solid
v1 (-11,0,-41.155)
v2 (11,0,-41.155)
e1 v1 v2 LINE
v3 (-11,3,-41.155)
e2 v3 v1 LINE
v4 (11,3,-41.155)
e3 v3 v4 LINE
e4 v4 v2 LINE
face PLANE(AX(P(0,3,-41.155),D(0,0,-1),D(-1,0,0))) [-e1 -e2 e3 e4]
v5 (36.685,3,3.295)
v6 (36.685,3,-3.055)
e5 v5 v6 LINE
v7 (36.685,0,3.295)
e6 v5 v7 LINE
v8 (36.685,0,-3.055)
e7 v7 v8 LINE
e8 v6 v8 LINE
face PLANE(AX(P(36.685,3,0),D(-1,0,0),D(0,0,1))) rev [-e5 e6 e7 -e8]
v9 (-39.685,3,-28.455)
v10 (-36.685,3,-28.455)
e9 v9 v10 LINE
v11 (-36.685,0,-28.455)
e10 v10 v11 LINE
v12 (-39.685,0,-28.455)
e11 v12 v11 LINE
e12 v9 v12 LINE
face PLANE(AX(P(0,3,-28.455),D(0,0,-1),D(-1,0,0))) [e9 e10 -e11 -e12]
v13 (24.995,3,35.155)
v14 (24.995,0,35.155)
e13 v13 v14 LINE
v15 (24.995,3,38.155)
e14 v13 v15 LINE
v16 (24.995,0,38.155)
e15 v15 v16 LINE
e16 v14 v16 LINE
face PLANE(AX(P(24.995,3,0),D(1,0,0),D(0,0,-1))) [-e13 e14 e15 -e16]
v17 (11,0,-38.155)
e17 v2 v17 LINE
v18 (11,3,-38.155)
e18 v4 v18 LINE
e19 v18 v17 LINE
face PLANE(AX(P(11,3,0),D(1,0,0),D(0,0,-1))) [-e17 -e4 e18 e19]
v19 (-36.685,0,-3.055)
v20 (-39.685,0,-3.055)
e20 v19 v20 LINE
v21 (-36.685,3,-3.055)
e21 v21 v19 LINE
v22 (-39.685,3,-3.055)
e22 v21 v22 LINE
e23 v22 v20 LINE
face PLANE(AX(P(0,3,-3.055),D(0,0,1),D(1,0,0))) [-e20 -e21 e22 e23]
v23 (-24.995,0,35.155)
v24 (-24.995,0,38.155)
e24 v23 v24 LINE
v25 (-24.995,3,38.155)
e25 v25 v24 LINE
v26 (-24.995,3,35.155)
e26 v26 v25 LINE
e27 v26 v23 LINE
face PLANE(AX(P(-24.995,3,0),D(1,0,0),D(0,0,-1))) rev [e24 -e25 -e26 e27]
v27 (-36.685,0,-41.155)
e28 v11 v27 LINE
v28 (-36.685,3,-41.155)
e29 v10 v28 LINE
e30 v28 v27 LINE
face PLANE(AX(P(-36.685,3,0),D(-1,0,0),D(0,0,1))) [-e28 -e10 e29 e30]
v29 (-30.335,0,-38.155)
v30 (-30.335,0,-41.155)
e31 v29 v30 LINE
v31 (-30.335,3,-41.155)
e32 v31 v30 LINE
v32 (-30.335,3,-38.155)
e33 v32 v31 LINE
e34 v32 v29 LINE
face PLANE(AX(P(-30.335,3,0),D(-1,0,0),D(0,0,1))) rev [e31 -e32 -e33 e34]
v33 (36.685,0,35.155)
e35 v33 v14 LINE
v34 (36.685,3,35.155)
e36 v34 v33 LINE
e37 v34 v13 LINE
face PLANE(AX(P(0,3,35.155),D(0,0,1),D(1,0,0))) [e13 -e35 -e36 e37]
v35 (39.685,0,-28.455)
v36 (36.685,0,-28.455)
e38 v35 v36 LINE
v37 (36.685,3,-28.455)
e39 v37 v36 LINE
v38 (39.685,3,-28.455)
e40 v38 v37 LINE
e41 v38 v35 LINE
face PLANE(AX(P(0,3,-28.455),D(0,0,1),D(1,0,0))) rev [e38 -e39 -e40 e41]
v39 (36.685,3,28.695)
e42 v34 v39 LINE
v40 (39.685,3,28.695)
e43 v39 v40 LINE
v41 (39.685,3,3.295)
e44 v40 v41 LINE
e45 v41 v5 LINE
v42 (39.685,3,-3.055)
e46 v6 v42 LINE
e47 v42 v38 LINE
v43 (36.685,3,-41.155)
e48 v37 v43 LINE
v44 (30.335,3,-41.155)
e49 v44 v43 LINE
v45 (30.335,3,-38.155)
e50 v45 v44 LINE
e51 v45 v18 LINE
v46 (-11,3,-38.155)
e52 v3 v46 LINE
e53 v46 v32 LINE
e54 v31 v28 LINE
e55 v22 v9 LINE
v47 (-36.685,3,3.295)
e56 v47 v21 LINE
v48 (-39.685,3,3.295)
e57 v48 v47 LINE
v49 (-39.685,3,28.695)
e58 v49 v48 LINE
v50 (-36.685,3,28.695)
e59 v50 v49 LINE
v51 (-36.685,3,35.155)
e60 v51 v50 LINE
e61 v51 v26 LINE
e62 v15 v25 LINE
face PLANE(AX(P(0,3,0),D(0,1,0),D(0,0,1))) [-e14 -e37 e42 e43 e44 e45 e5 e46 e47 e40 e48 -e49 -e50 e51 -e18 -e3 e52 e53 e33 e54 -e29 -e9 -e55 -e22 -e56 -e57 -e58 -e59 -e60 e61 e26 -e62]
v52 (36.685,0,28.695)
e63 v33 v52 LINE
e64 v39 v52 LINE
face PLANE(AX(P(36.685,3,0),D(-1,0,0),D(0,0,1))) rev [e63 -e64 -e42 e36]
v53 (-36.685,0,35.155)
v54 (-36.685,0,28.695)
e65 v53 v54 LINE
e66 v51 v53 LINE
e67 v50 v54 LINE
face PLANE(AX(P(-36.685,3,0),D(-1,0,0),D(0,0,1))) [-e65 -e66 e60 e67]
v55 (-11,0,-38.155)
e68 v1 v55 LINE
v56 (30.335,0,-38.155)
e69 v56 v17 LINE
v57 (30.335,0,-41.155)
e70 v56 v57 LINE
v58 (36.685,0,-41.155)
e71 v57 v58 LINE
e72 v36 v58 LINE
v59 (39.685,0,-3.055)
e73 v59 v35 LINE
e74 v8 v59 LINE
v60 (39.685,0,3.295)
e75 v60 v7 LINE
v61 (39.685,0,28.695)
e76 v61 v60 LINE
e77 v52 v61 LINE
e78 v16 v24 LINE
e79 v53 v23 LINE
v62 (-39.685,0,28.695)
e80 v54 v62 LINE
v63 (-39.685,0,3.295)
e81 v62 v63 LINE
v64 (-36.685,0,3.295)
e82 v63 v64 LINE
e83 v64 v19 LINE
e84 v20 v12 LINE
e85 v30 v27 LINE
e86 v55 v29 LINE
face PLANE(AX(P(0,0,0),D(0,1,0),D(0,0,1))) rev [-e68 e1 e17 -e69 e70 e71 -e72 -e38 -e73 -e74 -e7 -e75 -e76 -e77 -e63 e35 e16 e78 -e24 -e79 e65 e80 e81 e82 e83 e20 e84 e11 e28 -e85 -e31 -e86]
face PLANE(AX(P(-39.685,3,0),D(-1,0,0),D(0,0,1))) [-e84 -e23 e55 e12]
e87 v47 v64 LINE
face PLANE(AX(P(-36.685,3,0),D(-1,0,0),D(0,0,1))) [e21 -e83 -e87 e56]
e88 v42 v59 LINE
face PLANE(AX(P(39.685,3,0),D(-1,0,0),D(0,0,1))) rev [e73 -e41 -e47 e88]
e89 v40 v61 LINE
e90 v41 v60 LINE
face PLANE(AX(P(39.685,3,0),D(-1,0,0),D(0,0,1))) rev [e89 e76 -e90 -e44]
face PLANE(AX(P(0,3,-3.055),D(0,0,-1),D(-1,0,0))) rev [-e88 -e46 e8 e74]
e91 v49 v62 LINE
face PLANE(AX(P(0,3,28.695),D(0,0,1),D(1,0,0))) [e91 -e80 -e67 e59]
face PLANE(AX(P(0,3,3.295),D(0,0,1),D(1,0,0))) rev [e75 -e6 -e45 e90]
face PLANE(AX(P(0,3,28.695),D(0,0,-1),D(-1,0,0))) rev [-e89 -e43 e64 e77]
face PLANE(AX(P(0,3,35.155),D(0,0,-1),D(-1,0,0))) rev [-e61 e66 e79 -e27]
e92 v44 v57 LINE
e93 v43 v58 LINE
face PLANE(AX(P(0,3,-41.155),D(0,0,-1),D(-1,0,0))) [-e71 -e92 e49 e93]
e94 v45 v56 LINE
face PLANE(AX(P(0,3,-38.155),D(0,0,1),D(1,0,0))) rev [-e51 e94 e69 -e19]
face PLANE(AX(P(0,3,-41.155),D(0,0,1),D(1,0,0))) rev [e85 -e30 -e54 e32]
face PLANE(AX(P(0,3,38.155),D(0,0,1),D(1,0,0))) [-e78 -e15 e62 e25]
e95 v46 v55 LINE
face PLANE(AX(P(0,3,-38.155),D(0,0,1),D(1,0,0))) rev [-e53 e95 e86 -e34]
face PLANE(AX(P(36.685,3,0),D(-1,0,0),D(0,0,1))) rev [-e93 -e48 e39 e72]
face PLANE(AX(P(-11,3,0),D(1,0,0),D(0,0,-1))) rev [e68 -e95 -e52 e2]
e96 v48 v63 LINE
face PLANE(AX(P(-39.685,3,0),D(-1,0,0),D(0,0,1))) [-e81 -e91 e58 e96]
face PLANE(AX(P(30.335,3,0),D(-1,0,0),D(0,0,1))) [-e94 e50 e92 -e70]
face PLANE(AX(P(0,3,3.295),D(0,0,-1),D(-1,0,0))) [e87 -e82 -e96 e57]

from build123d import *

# Parameters (mm, degrees)
BOSS_EXTRUDE1_DEPTH = 3


with BuildPart() as part:
    # Sketch1 → Boss-Extrude1 (new body)
    with BuildSketch(Plane(origin=(0, 0, 0), x_dir=(1, 0, 0), z_dir=(0, 1, 0))):
        Polygon((-24.995, -38.155), (24.995, -38.155), (24.995, -35.155), (36.685, -35.155), (36.685, -28.695), (39.685, -28.695), (39.685, -3.295), (36.685, -3.295), (36.685, 3.055), (39.685, 3.055), (39.685, 28.455), (36.685, 28.455), (36.685, 38.155), (36.685, 41.155), (36.515, 41.155), (30.335, 41.155), (30.335, 38.155), (11, 38.155), (11, 41.155), (-11, 41.155), (-11, 38.155), (-30.335, 38.155), (-30.335, 41.155), (-36.515, 41.155), (-36.685, 41.155), (-36.685, 38.155), (-36.685, 28.455), (-39.685, 28.455), (-39.685, 3.055), (-36.685, 3.055), (-36.685, -3.295), (-39.685, -3.295), (-39.685, -28.695), (-36.685, -28.695), (-36.685, -35.155), (-24.995, -35.155), align=None)
    extrude(amount=BOSS_EXTRUDE1_DEPTH)


solid = part.part
